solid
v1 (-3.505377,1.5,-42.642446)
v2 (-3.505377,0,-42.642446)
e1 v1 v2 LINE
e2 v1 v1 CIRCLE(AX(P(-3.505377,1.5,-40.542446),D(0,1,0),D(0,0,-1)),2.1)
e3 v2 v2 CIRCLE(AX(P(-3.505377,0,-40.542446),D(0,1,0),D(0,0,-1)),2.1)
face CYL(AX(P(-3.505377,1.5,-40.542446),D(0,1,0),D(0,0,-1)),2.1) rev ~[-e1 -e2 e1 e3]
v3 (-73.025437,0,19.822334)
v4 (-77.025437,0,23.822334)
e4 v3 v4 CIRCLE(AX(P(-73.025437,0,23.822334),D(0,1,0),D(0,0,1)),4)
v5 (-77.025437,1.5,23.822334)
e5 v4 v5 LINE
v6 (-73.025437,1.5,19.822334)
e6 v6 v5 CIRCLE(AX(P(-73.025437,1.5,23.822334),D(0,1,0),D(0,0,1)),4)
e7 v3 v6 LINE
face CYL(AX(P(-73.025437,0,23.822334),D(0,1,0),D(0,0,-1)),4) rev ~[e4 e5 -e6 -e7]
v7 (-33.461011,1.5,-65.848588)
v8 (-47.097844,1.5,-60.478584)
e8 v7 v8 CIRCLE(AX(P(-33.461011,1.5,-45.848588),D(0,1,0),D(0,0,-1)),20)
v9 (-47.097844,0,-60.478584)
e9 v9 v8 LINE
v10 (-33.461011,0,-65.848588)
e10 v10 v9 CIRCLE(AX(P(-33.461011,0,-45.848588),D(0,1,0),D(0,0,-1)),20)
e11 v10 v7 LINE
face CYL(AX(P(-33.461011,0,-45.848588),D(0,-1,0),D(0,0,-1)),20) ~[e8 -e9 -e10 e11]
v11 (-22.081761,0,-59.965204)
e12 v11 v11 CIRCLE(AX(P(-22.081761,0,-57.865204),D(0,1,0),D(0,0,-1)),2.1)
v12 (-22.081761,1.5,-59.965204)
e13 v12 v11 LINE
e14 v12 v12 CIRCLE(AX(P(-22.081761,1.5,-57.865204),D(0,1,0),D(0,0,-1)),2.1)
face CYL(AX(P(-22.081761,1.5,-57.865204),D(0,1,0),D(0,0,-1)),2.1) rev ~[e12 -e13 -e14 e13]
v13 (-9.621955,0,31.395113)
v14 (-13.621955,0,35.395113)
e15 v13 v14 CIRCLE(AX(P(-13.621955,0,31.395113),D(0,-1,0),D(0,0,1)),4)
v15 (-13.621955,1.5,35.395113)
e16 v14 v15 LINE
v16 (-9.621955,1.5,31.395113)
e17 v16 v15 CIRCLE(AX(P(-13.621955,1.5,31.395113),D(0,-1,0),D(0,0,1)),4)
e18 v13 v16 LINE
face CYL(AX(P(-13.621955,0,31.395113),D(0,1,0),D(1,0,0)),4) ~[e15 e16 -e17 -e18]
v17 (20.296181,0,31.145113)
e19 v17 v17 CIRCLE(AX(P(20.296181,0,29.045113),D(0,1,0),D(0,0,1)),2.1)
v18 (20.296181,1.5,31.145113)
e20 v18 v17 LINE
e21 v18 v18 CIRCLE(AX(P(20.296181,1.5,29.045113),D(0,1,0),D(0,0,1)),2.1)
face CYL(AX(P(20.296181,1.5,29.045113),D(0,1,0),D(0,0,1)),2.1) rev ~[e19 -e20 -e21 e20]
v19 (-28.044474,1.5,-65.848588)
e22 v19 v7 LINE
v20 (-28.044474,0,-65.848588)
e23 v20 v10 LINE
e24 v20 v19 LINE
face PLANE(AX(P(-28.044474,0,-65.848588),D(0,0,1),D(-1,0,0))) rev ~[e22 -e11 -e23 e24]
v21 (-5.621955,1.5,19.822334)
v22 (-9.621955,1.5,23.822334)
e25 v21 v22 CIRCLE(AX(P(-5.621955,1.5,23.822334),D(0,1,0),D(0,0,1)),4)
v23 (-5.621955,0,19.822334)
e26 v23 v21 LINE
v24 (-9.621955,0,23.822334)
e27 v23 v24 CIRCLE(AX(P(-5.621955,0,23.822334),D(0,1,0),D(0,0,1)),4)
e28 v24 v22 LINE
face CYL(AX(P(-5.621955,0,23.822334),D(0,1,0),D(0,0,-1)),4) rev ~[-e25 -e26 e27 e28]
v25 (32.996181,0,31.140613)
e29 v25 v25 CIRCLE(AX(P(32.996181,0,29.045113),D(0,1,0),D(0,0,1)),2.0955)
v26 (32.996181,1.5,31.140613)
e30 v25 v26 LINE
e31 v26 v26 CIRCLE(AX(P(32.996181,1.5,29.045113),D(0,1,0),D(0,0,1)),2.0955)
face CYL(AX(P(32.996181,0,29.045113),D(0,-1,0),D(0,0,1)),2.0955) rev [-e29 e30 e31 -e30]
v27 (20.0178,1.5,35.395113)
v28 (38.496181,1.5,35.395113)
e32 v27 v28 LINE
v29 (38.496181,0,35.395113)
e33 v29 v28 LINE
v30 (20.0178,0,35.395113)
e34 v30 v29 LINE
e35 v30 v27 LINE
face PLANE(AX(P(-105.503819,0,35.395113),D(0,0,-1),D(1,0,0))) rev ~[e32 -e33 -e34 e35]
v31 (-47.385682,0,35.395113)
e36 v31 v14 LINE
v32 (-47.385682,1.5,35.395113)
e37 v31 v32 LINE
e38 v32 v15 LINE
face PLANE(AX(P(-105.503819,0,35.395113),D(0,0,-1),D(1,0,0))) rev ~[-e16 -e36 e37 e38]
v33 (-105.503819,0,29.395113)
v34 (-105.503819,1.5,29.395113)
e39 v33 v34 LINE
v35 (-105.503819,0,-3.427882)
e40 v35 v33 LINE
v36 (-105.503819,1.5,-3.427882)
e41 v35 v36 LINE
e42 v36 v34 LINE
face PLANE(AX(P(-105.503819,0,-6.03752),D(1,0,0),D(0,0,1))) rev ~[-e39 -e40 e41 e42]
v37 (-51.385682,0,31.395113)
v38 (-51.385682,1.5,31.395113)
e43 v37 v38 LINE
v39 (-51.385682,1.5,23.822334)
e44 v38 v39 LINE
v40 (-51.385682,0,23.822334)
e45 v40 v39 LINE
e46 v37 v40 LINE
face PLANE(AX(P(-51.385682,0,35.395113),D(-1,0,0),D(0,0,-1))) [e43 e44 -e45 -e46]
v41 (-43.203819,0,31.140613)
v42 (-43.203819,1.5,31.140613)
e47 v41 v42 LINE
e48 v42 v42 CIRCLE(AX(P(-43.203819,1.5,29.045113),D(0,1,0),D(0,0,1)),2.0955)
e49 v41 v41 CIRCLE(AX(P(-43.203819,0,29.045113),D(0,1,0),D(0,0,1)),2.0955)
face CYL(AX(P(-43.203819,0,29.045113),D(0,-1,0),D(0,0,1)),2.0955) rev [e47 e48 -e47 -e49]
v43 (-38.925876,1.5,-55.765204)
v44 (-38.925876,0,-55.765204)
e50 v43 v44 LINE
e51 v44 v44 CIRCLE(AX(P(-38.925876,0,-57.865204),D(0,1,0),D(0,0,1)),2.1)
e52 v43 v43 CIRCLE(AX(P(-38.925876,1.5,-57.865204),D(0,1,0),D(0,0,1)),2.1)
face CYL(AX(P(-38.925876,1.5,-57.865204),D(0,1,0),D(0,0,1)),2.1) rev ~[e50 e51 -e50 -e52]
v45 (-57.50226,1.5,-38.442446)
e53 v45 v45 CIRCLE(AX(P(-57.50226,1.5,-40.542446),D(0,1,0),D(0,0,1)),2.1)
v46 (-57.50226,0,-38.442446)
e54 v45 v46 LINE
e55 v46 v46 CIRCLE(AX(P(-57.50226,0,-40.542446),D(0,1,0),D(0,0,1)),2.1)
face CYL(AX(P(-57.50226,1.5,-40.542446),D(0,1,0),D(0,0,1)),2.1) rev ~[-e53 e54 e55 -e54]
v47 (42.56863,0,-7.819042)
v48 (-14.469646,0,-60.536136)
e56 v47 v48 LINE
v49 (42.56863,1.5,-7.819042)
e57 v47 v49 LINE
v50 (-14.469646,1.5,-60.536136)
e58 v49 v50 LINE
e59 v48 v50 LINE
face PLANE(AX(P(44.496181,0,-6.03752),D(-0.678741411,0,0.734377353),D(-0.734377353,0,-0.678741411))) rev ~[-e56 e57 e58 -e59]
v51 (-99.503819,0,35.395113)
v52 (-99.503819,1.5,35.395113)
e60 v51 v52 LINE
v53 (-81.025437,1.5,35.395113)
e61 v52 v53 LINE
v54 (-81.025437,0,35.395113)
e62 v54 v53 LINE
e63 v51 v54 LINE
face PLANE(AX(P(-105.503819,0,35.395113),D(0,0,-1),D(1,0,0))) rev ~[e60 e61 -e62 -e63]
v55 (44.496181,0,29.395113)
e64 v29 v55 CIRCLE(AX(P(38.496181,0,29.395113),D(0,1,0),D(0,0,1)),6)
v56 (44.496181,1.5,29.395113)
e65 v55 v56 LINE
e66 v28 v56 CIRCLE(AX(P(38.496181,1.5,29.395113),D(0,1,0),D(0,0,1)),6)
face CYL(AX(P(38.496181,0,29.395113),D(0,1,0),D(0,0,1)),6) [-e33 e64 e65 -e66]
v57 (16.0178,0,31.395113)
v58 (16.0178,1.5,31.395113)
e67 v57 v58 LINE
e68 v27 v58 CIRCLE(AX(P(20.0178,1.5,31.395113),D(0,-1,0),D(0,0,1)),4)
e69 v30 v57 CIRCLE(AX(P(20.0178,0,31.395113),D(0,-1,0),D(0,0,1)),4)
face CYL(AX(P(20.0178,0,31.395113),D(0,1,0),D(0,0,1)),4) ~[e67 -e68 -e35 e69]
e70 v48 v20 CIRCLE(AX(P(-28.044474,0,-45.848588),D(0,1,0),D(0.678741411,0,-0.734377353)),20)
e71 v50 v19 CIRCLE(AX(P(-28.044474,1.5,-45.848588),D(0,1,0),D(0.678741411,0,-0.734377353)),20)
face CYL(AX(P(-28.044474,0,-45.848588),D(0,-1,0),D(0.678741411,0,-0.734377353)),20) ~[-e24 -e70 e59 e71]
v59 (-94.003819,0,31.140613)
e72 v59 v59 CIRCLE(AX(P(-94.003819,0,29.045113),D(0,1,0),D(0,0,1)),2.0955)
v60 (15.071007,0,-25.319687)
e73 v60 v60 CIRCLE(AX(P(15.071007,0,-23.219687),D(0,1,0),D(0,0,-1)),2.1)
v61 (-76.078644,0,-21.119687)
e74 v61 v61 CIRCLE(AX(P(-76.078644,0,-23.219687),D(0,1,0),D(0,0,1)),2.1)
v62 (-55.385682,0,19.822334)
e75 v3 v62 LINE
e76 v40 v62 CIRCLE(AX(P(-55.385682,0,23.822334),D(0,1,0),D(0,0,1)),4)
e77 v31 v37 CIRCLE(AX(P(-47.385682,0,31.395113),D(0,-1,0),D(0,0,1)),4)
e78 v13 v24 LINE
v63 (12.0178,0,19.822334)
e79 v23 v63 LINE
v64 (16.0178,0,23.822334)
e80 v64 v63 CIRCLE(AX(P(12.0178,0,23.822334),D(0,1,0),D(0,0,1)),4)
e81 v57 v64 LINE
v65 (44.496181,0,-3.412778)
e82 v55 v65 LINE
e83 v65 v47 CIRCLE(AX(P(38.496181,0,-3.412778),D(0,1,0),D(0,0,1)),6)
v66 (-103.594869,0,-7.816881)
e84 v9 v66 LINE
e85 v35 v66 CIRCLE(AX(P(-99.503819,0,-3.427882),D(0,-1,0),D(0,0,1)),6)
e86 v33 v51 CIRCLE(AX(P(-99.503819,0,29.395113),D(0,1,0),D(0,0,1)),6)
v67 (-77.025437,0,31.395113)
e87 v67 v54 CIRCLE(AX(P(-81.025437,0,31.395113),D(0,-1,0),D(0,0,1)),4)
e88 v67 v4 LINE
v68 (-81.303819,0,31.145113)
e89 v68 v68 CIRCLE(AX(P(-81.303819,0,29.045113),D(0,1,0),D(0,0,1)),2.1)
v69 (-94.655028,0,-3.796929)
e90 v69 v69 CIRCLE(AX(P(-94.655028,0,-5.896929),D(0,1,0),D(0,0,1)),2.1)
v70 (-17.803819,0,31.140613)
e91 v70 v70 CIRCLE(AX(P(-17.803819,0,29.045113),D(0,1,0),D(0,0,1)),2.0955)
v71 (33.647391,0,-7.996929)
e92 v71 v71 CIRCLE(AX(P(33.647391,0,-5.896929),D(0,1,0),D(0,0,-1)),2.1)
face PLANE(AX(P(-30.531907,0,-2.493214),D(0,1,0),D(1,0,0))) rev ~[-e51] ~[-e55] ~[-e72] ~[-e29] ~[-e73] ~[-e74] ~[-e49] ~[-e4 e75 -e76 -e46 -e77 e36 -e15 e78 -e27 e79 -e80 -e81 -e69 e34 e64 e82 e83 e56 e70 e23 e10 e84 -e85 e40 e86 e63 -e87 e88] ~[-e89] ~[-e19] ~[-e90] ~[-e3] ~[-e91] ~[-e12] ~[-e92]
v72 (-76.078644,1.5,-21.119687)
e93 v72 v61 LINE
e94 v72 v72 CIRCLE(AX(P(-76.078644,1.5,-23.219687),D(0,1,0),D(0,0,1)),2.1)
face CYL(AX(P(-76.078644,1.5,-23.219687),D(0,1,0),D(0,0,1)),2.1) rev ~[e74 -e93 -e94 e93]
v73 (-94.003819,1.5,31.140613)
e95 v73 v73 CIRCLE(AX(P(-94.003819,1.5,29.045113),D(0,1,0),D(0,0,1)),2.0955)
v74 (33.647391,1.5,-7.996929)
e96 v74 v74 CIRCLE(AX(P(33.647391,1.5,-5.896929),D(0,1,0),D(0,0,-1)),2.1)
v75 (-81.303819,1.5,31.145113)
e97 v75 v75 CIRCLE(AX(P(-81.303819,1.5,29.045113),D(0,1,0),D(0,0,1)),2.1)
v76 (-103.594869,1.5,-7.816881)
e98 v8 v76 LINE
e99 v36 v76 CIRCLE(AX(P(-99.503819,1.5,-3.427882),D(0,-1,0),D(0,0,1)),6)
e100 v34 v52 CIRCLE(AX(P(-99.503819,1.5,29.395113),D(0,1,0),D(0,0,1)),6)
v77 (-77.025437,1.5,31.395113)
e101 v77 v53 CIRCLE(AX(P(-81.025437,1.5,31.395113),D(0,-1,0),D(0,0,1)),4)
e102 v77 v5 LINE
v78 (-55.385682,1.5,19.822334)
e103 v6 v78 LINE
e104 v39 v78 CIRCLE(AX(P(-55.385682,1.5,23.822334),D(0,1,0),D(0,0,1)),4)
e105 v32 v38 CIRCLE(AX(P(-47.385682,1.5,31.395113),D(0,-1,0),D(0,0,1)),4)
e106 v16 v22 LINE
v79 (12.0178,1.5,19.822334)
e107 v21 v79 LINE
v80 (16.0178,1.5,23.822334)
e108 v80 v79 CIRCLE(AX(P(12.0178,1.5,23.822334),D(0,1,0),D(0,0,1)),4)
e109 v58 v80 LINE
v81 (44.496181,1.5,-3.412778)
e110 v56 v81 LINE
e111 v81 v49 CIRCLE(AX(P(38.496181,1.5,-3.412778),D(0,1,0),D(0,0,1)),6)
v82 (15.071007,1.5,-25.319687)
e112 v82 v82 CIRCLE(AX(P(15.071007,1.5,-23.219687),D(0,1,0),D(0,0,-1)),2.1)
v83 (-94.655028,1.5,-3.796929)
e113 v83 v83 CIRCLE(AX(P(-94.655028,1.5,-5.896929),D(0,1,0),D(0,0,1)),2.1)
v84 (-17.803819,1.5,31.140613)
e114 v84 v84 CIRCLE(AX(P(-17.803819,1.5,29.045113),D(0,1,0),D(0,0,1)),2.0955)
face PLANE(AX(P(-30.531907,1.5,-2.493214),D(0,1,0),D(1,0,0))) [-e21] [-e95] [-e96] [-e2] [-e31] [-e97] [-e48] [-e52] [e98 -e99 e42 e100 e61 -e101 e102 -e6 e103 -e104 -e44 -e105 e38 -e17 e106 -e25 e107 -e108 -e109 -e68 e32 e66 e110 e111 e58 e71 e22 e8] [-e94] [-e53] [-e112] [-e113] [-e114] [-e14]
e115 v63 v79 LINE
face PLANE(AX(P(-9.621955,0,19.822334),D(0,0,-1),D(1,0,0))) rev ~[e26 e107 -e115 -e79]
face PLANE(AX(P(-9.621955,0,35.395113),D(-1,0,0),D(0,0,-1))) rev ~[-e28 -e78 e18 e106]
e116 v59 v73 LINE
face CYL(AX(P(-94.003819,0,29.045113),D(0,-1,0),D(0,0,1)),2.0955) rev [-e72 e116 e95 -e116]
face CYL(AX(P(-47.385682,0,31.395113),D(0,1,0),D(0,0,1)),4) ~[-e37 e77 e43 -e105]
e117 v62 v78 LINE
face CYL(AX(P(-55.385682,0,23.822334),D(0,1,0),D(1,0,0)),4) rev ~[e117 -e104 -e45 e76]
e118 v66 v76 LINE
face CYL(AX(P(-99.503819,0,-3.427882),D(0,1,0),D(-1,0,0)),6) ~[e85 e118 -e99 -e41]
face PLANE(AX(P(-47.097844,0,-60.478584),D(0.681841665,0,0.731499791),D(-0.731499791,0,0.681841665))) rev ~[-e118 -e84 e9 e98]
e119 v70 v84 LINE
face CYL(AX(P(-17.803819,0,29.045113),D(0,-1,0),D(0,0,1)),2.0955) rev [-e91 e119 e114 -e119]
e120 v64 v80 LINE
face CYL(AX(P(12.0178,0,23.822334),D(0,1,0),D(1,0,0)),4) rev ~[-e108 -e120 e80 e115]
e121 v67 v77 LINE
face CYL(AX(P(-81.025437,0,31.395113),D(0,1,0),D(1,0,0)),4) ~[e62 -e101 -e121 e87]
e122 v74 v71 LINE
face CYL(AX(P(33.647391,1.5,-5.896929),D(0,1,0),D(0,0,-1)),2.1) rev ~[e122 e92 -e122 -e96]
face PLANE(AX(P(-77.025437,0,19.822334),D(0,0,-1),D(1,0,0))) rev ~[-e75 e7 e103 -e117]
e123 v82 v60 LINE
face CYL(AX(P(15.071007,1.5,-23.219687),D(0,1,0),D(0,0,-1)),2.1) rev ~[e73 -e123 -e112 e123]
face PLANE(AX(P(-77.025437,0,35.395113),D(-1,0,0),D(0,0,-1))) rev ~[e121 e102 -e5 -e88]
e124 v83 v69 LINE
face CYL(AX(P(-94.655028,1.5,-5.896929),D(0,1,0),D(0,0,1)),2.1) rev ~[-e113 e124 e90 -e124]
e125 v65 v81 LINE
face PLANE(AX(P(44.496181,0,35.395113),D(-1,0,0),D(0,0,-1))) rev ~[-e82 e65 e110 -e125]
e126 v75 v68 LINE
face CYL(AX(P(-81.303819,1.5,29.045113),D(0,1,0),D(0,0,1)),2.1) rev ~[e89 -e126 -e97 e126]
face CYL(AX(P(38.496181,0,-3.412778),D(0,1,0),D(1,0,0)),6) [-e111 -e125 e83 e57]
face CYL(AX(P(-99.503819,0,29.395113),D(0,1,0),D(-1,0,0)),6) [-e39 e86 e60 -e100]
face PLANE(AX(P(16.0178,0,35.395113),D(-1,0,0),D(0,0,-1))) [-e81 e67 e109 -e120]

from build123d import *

# Parameters (mm, degrees)
SKETCH_1_R          = 2.0955
EXTRUDE_1_DEPTH     = 1.5
SKETCH_2_R          = 2.1
CUT_EXTRUDE_1_DEPTH = 1.5
FILLET_1_R          = 6
CUT_EXTRUDE_START   = -1.5
SKETCH_3_W          = 25.639754975
SKETCH_3_H          = 15.572778706
SKETCH_3_R          = 2.0955
CUT_EXTRUDE_3_DEPTH = 1.5
FILLET_2_R          = 4


with BuildPart() as part:
    # 草图1 → 凸台-拉伸1 (new body)
    with BuildSketch(Plane(origin=(0, 0, 0), x_dir=(1, 0, 0), z_dir=(0, 1, 0))):
        with BuildLine():
            Line((-105.503818672, 6.037520304), (-105.503818672, -35.395112744))
            Line((-105.503818672, -35.395112744), (44.496181328, -35.395112744))
            Line((44.496181328, -35.395112744), (44.496181328, 6.037520304))
            Line((44.496181328, 6.037520304), (-14.469645921, 60.536135507))
            ThreePointArc((-14.469645921, 60.536135507), (-20.755816559, 64.47318161), (-28.044474141, 65.848588442))
            Line((-28.044474141, 65.848588442), (-33.461010911, 65.848588442))
            ThreePointArc((-33.461010911, 65.848588442), (-40.789042153, 64.457724857), (-47.097844214, 60.478584254))
            Line((-47.097844214, 60.478584254), (-105.503818672, 6.037520304))
        make_face()
        with Locations(Location((-94.003818672, -29.045112744, 0), (0, 0, 270))):
            Circle(SKETCH_1_R, mode=Mode.SUBTRACT)
        with Locations(Location((32.996181328, -29.045112744, 0), (0, 0, 270))):
            Circle(SKETCH_1_R, mode=Mode.SUBTRACT)
        with Locations(Location((-68.603818672, -29.045112744, 0), (0, 0, 270))):
            Circle(SKETCH_1_R, mode=Mode.SUBTRACT)
        with Locations(Location((-43.203818672, -29.045112744, 0), (0, 0, 270))):
            Circle(SKETCH_1_R, mode=Mode.SUBTRACT)
        with Locations(Location((-17.803818672, -29.045112744, 0), (0, 0, 270))):
            Circle(SKETCH_1_R, mode=Mode.SUBTRACT)
        with Locations(Location((7.596181328, -29.045112744, 0), (0, 0, 270))):
            Circle(SKETCH_1_R, mode=Mode.SUBTRACT)
    extrude(amount=EXTRUDE_1_DEPTH)

    # 草图2 → 切除-拉伸1 (cut)
    with BuildSketch(Plane(origin=(0, 1.5, 0), x_dir=(1, 0, 0), z_dir=(0, 1, 0))):
        with Locations(Location((-81.303818672, -29.045112744, 0), (0, 0, 270))):
            Circle(SKETCH_2_R)
        with Locations(Location((20.296181328, -29.045112744, 0), (0, 0, 270))):
            Circle(SKETCH_2_R)
        with Locations(Location((-94.655027928, 5.896929075, 0), (0, 0, 270))):
            Circle(SKETCH_2_R)
        with Locations(Location((-76.078643907, 23.219687421, 0), (0, 0, 270))):
            Circle(SKETCH_2_R)
        with Locations(Location((-57.502259886, 40.542445766, 0), (0, 0, 270))):
            Circle(SKETCH_2_R)
        with Locations(Location((-38.925875865, 57.865204112, 0), (0, 0, 270))):
            Circle(SKETCH_2_R)
        with Locations(Location((33.647390585, 5.896929075, 0), (0, 0, 90))):
            Circle(SKETCH_2_R)
        with Locations(Location((15.071006563, 23.219687421, 0), (0, 0, 90))):
            Circle(SKETCH_2_R)
        with Locations(Location((-3.505377458, 40.542445766, 0), (0, 0, 90))):
            Circle(SKETCH_2_R)
        with Locations(Location((-22.081761479, 57.865204112, 0), (0, 0, 90))):
            Circle(SKETCH_2_R)
    extrude(amount=-CUT_EXTRUDE_1_DEPTH, mode=Mode.SUBTRACT)

    # 圆角1
    fillet_1_edges = [part.edges().sort_by_distance(p)[0] for p in [
        (44.496181328, 0.75, -6.037520304),
        (44.496181328, 0.75, 35.395112744),
        (-105.503818672, 0.75, 35.395112744),
        (-105.503818672, 0.75, -6.037520304),
    ]]
    fillet(fillet_1_edges, radius=FILLET_1_R)

    # 草图3 → 切除-拉伸3 (cut)
    # profile 1 of 2: a face of its own
    with BuildSketch(Plane(origin=(0, 1.5, 0), x_dir=(1, 0, 0), z_dir=(0, 1, 0)).offset(CUT_EXTRUDE_START)):
        with Locations((-64.205559978, -27.608723391)):
            Rectangle(SKETCH_3_W, SKETCH_3_H)
        with Locations((-68.603818672, -29.045112744)):
            Circle(SKETCH_3_R, mode=Mode.SUBTRACT)
    # profile 2 of 2: a face of its own
    with BuildSketch(Plane(origin=(0, 1.5, 0), x_dir=(1, 0, 0), z_dir=(0, 1, 0)).offset(CUT_EXTRUDE_START)):
        with Locations((3.197922635, -27.608723391)):
            Rectangle(SKETCH_3_W, SKETCH_3_H)
        with Locations((7.596181328, -29.045112744)):
            Circle(SKETCH_3_R, mode=Mode.SUBTRACT)
    extrude(amount=CUT_EXTRUDE_3_DEPTH, mode=Mode.SUBTRACT)

    # 圆角2
    fillet_2_edges = [part.edges().sort_by_distance(p)[0] for p in [
        (-51.38568249, 0.75, 35.395112744),
        (-77.025437465, 0.75, 35.395112744),
        (-77.025437465, 0.75, 19.822334038),
        (-51.38568249, 0.75, 19.822334038),
        (16.017800122, 0.75, 35.395112744),
        (-9.621954853, 0.75, 35.395112744),
        (-9.621954853, 0.75, 19.822334038),
        (16.017800122, 0.75, 19.822334038),
    ]]
    fillet(fillet_2_edges, radius=FILLET_2_R)


solid = part.part
